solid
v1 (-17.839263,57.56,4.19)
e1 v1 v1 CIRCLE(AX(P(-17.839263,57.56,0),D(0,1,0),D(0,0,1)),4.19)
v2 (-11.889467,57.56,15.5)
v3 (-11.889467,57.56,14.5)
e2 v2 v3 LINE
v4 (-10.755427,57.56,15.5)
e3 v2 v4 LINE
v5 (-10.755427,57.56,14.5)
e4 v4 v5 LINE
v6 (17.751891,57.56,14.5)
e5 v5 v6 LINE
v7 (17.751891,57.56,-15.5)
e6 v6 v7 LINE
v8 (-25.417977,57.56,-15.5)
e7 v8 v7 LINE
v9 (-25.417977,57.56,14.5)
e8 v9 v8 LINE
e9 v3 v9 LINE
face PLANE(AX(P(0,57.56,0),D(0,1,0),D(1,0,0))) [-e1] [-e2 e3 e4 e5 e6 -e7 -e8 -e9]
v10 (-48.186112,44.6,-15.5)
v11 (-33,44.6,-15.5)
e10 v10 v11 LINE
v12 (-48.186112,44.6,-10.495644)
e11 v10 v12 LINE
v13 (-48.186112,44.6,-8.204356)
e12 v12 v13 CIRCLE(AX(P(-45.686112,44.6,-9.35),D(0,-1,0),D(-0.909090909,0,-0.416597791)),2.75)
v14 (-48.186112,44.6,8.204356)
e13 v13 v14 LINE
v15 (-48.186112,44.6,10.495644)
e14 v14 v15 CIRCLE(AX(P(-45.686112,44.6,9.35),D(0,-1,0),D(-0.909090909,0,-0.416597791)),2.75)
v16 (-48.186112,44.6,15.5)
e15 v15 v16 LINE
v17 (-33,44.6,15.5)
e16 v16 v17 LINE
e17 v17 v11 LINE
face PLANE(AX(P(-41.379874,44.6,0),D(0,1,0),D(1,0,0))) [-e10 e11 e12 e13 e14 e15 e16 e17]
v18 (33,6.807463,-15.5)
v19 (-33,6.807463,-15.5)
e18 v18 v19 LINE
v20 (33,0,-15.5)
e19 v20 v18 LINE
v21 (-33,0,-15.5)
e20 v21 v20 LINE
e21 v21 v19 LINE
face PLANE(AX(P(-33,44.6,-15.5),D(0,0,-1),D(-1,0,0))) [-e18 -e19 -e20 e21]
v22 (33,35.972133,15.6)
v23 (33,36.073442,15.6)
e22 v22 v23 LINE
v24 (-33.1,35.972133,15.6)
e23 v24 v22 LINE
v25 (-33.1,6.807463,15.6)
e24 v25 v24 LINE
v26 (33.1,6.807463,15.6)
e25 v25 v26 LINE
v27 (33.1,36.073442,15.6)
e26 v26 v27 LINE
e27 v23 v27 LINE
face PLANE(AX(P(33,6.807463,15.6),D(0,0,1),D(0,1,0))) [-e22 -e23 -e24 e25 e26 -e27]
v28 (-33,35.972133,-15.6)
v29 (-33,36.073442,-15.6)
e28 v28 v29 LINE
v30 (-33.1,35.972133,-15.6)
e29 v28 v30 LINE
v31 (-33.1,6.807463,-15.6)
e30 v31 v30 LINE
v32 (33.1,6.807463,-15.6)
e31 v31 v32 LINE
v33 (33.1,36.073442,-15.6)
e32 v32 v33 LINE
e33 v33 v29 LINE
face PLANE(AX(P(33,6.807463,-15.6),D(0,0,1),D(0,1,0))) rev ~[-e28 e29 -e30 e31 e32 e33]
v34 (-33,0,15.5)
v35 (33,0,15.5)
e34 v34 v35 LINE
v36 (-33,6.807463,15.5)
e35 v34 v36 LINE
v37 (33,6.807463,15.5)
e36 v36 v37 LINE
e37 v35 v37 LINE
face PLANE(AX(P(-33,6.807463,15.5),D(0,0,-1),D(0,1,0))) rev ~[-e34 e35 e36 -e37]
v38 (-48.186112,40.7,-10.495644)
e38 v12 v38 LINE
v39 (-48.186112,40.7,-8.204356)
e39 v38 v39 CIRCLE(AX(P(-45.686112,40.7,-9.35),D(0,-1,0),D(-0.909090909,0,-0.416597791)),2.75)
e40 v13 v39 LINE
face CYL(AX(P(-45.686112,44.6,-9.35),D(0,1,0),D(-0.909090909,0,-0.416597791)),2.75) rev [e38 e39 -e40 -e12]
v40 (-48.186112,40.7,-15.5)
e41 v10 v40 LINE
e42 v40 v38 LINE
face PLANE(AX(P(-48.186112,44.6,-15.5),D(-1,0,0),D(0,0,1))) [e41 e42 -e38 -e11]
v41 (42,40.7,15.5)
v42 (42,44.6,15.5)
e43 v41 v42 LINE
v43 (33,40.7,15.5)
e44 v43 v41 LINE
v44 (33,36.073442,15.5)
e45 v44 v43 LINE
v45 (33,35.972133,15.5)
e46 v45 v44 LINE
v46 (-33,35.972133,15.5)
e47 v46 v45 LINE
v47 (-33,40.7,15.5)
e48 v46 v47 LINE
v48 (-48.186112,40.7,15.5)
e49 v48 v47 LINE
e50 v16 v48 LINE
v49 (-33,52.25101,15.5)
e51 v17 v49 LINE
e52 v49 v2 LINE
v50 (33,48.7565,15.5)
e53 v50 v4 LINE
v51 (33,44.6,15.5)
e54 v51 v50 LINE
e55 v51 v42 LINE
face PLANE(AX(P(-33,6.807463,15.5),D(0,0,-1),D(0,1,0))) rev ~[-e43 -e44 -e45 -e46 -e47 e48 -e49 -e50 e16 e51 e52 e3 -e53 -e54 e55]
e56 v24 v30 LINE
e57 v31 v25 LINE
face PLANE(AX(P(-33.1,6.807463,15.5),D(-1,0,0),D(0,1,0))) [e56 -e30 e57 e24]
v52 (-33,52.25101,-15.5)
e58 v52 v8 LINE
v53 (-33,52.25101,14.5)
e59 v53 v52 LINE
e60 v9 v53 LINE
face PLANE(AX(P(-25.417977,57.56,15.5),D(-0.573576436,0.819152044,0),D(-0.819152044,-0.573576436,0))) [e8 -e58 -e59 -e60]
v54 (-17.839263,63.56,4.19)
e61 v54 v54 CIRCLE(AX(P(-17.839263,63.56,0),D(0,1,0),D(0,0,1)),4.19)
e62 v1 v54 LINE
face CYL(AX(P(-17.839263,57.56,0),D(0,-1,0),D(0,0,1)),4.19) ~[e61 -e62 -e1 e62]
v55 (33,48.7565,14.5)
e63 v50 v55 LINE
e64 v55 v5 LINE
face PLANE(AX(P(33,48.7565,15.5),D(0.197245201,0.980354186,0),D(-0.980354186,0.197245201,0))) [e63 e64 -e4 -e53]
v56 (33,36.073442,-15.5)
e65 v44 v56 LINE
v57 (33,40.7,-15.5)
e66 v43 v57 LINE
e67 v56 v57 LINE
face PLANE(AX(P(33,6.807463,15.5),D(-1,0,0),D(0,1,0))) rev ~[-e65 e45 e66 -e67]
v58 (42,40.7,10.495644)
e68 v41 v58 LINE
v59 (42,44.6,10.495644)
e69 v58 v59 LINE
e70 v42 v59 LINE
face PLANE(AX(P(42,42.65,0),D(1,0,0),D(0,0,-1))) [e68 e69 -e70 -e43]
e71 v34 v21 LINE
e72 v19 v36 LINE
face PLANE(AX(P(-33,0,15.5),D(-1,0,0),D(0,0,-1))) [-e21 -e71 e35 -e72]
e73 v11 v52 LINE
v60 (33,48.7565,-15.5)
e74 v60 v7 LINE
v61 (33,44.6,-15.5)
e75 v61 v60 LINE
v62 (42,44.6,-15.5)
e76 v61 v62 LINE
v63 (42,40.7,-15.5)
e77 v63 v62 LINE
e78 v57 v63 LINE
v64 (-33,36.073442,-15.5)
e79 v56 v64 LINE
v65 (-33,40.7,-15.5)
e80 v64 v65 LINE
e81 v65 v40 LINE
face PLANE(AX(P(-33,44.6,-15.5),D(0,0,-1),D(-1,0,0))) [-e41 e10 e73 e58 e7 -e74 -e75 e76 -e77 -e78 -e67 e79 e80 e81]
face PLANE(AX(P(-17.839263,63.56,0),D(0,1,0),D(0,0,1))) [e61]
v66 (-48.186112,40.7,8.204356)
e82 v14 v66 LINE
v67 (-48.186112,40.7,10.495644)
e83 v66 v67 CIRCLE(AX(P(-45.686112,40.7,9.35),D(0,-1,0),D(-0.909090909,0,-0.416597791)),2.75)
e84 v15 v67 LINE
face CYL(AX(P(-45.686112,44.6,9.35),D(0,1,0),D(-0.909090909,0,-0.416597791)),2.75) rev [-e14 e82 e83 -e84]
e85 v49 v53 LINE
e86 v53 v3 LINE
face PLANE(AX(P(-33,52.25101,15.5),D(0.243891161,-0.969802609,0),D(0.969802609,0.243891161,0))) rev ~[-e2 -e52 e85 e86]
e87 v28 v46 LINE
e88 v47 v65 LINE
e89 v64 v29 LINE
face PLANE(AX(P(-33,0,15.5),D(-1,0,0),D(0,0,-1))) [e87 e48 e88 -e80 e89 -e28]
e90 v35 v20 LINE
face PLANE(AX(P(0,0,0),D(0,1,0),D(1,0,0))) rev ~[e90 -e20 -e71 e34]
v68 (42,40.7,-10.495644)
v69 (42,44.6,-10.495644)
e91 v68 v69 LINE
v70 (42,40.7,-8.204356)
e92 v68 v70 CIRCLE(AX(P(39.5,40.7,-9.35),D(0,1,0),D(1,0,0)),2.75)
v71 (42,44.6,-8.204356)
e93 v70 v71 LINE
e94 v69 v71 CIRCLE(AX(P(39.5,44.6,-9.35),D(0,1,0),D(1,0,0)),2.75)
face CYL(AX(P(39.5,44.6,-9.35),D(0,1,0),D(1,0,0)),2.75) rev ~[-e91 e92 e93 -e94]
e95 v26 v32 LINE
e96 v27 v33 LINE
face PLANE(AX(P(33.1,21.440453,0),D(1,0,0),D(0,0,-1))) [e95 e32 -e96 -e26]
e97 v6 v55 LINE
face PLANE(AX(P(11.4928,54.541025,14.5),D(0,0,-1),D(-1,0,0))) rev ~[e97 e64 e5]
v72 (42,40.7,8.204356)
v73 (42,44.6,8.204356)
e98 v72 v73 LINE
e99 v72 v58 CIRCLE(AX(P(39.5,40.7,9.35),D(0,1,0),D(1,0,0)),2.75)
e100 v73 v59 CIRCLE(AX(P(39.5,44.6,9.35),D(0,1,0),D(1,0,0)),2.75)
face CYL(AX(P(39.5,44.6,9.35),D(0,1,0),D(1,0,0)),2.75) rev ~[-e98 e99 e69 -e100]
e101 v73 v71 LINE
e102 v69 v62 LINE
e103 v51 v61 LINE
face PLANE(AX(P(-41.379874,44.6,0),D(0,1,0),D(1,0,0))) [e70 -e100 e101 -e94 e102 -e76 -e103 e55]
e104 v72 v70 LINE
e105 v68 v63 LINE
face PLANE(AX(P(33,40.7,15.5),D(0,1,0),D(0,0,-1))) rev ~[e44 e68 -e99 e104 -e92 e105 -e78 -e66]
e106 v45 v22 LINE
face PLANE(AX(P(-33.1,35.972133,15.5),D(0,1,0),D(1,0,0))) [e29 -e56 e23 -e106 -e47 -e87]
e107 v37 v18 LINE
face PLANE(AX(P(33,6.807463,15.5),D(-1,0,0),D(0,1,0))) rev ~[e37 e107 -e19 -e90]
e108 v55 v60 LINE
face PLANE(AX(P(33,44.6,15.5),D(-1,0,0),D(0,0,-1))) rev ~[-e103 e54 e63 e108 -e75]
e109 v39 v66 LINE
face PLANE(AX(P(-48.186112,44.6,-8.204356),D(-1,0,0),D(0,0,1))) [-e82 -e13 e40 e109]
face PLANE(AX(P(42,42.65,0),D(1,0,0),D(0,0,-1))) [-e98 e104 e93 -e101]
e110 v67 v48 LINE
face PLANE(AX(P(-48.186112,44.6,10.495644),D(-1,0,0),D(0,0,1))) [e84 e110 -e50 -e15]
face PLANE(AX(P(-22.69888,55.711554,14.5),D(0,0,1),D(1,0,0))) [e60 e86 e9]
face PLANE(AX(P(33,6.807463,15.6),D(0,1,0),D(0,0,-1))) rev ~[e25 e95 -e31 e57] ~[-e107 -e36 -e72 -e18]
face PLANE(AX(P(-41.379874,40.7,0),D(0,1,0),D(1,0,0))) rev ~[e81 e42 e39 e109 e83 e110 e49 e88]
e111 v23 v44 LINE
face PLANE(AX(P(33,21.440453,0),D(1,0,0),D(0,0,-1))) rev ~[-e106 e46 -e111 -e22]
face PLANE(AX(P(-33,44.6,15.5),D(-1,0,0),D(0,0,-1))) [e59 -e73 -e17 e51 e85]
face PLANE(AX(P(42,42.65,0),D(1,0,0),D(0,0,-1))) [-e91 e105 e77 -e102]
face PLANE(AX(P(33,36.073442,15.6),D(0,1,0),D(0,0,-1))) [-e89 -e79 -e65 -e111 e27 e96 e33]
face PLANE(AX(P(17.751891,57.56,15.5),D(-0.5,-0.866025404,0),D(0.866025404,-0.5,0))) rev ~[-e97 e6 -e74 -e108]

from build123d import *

# Parameters (mm, degrees)
SKETCH2_W            = 66
SKETCH2_H            = 31
BOSS_EXTRUDE1_DEPTH  = 44.6
SKETCH4_W            = 31
SKETCH4_H            = 3.9
BOSS_EXTRUDE2_DEPTH  = 9
SKETCH6_R            = 2.75
CUT_EXTRUDE3_DEPTH   = 64.193433203
BOSS_EXTRUDE4_DEPTH  = 3.9
SKETCH8_W            = 66
SKETCH8_H            = 31
BOSS_EXTRUDE5_DEPTH  = 12.96
CUT_EXTRUDE7_DEPTH   = 82.21610038
CUT_EXTRUDE8_DEPTH   = 82.21610038
CUT_EXTRUDE9_DEPTH   = 1
SKETCH12_R           = 4.19
BOSS_EXTRUDE6_DEPTH  = 6
SKETCH13_W           = 66
SKETCH13_H           = 29.265979079
BOSS_EXTRUDE7_DEPTH  = 0.1
SKETCH14_W           = 31.1
SKETCH14_H           = 29.164669929
BOSS_EXTRUDE8_DEPTH  = 0.1
SKETCH15_W           = 66.1
SKETCH15_H           = 29.164669929
BOSS_EXTRUDE9_DEPTH  = 0.1
SKETCH16_W           = 31.2
SKETCH16_H           = 29.265979079
BOSS_EXTRUDE10_DEPTH = 0.1


with BuildPart() as part:
    # Sketch2 → Boss-Extrude1 (new body)
    with BuildSketch(Plane(origin=(0, 0, 0), x_dir=(1, 0, 0), z_dir=(0, 1, 0))):
        Rectangle(SKETCH2_W, SKETCH2_H)
    extrude(amount=BOSS_EXTRUDE1_DEPTH)

    # Sketch4 → Boss-Extrude2 (add)
    with BuildSketch(Plane(origin=(33, 0, 0), x_dir=(0, 0, -1), z_dir=(1, 0, 0))):
        with Locations((0, 42.65)):
            Rectangle(SKETCH4_W, SKETCH4_H)
    extrude(amount=BOSS_EXTRUDE2_DEPTH)

    # Sketch6 → Cut-Extrude3 (cut, through all)
    with BuildSketch(Plane(origin=(0, 44.6, 0), x_dir=(1, 0, 0), z_dir=(0, 1, 0))):
        with Locations((39.5, -9.35)):
            Circle(SKETCH6_R)
        with Locations((39.5, 9.35)):
            Circle(SKETCH6_R)
    extrude(amount=-CUT_EXTRUDE3_DEPTH, mode=Mode.SUBTRACT)

    # Sketch7 → Boss-Extrude4 (add)
    with BuildSketch(Plane(origin=(0, 44.6, 0), x_dir=(1, 0, 0), z_dir=(0, 1, 0))):
        with BuildLine():
            Line((-33, 15.5), (-48.186111703, 15.5))
            Line((-48.186111703, 15.5), (-48.186111703, 10.495643924))
            ThreePointArc((-48.186111703, 10.495643924), (-42.936111703, 9.35), (-48.186111703, 8.204356076))
            Line((-48.186111703, 8.204356076), (-48.186111703, -8.204356076))
            ThreePointArc((-48.186111703, -8.204356076), (-42.936111703, -9.35), (-48.186111703, -10.495643924))
            Line((-48.186111703, -10.495643924), (-48.186111703, -15.5))
            Line((-48.186111703, -15.5), (-33, -15.5))
            Line((-33, -15.5), (-33, 15.5))
        make_face()
    extrude(amount=-BOSS_EXTRUDE4_DEPTH)

    # Sketch8 → Boss-Extrude5 (add)
    with BuildSketch(Plane(origin=(0, 44.6, 0), x_dir=(1, 0, 0), z_dir=(0, 1, 0))):
        Rectangle(SKETCH8_W, SKETCH8_H)
    extrude(amount=BOSS_EXTRUDE5_DEPTH)

    # Sketch9 → Cut-Extrude7 (cut, through all)
    with BuildSketch(Plane.XY.offset(15.5)):
        Polygon((-25.417976584, 57.56), (-33, 52.251010049), (-33, 57.56), align=None)
    extrude(amount=-CUT_EXTRUDE7_DEPTH, mode=Mode.SUBTRACT)

    # Sketch10 → Cut-Extrude8 (cut, through all)
    with BuildSketch(Plane.XY.offset(15.5)):
        Polygon((17.751890933, 57.56), (33, 48.756500125), (33, 57.56), align=None)
    extrude(amount=-CUT_EXTRUDE8_DEPTH, mode=Mode.SUBTRACT)

    # Sketch11 → Cut-Extrude9 (cut)
    with BuildSketch(Plane.XY.offset(15.5)):
        Polygon((-33, 52.251010049), (-11.889467425, 57.56), (-25.417976584, 57.56), align=None)
        Polygon((33, 48.756500125), (-10.755426907, 57.56), (17.751890933, 57.56), align=None)
    extrude(amount=-CUT_EXTRUDE9_DEPTH, mode=Mode.SUBTRACT)

    # Sketch12 → Boss-Extrude6 (add)
    with BuildSketch(Plane(origin=(0, 57.56, 0), x_dir=(1, 0, 0), z_dir=(0, 1, 0))):
        with Locations(Location((-17.839262747, 0, 0), (0, 0, 270))):
            Circle(SKETCH12_R)
    extrude(amount=BOSS_EXTRUDE6_DEPTH)

    # Sketch13 → Boss-Extrude7 (add)
    with BuildSketch(Plane(origin=(0, 0, -15.5), x_dir=(-1, 0, 0), z_dir=(0, 0, -1))):
        with Locations((0, 21.440452746)):
            Rectangle(SKETCH13_W, SKETCH13_H)
    extrude(amount=BOSS_EXTRUDE7_DEPTH)

    # Sketch14 → Boss-Extrude8 (add)
    with BuildSketch(Plane.ZY.offset(33)):
        with Locations((-0.05, 21.389798171)):
            Rectangle(SKETCH14_W, SKETCH14_H)
    extrude(amount=BOSS_EXTRUDE8_DEPTH)

    # Sketch15 → Boss-Extrude9 (add)
    with BuildSketch(Plane.XY.offset(15.5)):
        with Locations((-0.05, 21.389798171)):
            Rectangle(SKETCH15_W, SKETCH15_H)
    extrude(amount=BOSS_EXTRUDE9_DEPTH)

    # Sketch16 → Boss-Extrude10 (add)
    with BuildSketch(Plane(origin=(33, 0, 0), x_dir=(0, 0, -1), z_dir=(1, 0, 0))):
        with Locations((0, 21.440452746)):
            Rectangle(SKETCH16_W, SKETCH16_H)
    extrude(amount=BOSS_EXTRUDE10_DEPTH)


solid = part.part
